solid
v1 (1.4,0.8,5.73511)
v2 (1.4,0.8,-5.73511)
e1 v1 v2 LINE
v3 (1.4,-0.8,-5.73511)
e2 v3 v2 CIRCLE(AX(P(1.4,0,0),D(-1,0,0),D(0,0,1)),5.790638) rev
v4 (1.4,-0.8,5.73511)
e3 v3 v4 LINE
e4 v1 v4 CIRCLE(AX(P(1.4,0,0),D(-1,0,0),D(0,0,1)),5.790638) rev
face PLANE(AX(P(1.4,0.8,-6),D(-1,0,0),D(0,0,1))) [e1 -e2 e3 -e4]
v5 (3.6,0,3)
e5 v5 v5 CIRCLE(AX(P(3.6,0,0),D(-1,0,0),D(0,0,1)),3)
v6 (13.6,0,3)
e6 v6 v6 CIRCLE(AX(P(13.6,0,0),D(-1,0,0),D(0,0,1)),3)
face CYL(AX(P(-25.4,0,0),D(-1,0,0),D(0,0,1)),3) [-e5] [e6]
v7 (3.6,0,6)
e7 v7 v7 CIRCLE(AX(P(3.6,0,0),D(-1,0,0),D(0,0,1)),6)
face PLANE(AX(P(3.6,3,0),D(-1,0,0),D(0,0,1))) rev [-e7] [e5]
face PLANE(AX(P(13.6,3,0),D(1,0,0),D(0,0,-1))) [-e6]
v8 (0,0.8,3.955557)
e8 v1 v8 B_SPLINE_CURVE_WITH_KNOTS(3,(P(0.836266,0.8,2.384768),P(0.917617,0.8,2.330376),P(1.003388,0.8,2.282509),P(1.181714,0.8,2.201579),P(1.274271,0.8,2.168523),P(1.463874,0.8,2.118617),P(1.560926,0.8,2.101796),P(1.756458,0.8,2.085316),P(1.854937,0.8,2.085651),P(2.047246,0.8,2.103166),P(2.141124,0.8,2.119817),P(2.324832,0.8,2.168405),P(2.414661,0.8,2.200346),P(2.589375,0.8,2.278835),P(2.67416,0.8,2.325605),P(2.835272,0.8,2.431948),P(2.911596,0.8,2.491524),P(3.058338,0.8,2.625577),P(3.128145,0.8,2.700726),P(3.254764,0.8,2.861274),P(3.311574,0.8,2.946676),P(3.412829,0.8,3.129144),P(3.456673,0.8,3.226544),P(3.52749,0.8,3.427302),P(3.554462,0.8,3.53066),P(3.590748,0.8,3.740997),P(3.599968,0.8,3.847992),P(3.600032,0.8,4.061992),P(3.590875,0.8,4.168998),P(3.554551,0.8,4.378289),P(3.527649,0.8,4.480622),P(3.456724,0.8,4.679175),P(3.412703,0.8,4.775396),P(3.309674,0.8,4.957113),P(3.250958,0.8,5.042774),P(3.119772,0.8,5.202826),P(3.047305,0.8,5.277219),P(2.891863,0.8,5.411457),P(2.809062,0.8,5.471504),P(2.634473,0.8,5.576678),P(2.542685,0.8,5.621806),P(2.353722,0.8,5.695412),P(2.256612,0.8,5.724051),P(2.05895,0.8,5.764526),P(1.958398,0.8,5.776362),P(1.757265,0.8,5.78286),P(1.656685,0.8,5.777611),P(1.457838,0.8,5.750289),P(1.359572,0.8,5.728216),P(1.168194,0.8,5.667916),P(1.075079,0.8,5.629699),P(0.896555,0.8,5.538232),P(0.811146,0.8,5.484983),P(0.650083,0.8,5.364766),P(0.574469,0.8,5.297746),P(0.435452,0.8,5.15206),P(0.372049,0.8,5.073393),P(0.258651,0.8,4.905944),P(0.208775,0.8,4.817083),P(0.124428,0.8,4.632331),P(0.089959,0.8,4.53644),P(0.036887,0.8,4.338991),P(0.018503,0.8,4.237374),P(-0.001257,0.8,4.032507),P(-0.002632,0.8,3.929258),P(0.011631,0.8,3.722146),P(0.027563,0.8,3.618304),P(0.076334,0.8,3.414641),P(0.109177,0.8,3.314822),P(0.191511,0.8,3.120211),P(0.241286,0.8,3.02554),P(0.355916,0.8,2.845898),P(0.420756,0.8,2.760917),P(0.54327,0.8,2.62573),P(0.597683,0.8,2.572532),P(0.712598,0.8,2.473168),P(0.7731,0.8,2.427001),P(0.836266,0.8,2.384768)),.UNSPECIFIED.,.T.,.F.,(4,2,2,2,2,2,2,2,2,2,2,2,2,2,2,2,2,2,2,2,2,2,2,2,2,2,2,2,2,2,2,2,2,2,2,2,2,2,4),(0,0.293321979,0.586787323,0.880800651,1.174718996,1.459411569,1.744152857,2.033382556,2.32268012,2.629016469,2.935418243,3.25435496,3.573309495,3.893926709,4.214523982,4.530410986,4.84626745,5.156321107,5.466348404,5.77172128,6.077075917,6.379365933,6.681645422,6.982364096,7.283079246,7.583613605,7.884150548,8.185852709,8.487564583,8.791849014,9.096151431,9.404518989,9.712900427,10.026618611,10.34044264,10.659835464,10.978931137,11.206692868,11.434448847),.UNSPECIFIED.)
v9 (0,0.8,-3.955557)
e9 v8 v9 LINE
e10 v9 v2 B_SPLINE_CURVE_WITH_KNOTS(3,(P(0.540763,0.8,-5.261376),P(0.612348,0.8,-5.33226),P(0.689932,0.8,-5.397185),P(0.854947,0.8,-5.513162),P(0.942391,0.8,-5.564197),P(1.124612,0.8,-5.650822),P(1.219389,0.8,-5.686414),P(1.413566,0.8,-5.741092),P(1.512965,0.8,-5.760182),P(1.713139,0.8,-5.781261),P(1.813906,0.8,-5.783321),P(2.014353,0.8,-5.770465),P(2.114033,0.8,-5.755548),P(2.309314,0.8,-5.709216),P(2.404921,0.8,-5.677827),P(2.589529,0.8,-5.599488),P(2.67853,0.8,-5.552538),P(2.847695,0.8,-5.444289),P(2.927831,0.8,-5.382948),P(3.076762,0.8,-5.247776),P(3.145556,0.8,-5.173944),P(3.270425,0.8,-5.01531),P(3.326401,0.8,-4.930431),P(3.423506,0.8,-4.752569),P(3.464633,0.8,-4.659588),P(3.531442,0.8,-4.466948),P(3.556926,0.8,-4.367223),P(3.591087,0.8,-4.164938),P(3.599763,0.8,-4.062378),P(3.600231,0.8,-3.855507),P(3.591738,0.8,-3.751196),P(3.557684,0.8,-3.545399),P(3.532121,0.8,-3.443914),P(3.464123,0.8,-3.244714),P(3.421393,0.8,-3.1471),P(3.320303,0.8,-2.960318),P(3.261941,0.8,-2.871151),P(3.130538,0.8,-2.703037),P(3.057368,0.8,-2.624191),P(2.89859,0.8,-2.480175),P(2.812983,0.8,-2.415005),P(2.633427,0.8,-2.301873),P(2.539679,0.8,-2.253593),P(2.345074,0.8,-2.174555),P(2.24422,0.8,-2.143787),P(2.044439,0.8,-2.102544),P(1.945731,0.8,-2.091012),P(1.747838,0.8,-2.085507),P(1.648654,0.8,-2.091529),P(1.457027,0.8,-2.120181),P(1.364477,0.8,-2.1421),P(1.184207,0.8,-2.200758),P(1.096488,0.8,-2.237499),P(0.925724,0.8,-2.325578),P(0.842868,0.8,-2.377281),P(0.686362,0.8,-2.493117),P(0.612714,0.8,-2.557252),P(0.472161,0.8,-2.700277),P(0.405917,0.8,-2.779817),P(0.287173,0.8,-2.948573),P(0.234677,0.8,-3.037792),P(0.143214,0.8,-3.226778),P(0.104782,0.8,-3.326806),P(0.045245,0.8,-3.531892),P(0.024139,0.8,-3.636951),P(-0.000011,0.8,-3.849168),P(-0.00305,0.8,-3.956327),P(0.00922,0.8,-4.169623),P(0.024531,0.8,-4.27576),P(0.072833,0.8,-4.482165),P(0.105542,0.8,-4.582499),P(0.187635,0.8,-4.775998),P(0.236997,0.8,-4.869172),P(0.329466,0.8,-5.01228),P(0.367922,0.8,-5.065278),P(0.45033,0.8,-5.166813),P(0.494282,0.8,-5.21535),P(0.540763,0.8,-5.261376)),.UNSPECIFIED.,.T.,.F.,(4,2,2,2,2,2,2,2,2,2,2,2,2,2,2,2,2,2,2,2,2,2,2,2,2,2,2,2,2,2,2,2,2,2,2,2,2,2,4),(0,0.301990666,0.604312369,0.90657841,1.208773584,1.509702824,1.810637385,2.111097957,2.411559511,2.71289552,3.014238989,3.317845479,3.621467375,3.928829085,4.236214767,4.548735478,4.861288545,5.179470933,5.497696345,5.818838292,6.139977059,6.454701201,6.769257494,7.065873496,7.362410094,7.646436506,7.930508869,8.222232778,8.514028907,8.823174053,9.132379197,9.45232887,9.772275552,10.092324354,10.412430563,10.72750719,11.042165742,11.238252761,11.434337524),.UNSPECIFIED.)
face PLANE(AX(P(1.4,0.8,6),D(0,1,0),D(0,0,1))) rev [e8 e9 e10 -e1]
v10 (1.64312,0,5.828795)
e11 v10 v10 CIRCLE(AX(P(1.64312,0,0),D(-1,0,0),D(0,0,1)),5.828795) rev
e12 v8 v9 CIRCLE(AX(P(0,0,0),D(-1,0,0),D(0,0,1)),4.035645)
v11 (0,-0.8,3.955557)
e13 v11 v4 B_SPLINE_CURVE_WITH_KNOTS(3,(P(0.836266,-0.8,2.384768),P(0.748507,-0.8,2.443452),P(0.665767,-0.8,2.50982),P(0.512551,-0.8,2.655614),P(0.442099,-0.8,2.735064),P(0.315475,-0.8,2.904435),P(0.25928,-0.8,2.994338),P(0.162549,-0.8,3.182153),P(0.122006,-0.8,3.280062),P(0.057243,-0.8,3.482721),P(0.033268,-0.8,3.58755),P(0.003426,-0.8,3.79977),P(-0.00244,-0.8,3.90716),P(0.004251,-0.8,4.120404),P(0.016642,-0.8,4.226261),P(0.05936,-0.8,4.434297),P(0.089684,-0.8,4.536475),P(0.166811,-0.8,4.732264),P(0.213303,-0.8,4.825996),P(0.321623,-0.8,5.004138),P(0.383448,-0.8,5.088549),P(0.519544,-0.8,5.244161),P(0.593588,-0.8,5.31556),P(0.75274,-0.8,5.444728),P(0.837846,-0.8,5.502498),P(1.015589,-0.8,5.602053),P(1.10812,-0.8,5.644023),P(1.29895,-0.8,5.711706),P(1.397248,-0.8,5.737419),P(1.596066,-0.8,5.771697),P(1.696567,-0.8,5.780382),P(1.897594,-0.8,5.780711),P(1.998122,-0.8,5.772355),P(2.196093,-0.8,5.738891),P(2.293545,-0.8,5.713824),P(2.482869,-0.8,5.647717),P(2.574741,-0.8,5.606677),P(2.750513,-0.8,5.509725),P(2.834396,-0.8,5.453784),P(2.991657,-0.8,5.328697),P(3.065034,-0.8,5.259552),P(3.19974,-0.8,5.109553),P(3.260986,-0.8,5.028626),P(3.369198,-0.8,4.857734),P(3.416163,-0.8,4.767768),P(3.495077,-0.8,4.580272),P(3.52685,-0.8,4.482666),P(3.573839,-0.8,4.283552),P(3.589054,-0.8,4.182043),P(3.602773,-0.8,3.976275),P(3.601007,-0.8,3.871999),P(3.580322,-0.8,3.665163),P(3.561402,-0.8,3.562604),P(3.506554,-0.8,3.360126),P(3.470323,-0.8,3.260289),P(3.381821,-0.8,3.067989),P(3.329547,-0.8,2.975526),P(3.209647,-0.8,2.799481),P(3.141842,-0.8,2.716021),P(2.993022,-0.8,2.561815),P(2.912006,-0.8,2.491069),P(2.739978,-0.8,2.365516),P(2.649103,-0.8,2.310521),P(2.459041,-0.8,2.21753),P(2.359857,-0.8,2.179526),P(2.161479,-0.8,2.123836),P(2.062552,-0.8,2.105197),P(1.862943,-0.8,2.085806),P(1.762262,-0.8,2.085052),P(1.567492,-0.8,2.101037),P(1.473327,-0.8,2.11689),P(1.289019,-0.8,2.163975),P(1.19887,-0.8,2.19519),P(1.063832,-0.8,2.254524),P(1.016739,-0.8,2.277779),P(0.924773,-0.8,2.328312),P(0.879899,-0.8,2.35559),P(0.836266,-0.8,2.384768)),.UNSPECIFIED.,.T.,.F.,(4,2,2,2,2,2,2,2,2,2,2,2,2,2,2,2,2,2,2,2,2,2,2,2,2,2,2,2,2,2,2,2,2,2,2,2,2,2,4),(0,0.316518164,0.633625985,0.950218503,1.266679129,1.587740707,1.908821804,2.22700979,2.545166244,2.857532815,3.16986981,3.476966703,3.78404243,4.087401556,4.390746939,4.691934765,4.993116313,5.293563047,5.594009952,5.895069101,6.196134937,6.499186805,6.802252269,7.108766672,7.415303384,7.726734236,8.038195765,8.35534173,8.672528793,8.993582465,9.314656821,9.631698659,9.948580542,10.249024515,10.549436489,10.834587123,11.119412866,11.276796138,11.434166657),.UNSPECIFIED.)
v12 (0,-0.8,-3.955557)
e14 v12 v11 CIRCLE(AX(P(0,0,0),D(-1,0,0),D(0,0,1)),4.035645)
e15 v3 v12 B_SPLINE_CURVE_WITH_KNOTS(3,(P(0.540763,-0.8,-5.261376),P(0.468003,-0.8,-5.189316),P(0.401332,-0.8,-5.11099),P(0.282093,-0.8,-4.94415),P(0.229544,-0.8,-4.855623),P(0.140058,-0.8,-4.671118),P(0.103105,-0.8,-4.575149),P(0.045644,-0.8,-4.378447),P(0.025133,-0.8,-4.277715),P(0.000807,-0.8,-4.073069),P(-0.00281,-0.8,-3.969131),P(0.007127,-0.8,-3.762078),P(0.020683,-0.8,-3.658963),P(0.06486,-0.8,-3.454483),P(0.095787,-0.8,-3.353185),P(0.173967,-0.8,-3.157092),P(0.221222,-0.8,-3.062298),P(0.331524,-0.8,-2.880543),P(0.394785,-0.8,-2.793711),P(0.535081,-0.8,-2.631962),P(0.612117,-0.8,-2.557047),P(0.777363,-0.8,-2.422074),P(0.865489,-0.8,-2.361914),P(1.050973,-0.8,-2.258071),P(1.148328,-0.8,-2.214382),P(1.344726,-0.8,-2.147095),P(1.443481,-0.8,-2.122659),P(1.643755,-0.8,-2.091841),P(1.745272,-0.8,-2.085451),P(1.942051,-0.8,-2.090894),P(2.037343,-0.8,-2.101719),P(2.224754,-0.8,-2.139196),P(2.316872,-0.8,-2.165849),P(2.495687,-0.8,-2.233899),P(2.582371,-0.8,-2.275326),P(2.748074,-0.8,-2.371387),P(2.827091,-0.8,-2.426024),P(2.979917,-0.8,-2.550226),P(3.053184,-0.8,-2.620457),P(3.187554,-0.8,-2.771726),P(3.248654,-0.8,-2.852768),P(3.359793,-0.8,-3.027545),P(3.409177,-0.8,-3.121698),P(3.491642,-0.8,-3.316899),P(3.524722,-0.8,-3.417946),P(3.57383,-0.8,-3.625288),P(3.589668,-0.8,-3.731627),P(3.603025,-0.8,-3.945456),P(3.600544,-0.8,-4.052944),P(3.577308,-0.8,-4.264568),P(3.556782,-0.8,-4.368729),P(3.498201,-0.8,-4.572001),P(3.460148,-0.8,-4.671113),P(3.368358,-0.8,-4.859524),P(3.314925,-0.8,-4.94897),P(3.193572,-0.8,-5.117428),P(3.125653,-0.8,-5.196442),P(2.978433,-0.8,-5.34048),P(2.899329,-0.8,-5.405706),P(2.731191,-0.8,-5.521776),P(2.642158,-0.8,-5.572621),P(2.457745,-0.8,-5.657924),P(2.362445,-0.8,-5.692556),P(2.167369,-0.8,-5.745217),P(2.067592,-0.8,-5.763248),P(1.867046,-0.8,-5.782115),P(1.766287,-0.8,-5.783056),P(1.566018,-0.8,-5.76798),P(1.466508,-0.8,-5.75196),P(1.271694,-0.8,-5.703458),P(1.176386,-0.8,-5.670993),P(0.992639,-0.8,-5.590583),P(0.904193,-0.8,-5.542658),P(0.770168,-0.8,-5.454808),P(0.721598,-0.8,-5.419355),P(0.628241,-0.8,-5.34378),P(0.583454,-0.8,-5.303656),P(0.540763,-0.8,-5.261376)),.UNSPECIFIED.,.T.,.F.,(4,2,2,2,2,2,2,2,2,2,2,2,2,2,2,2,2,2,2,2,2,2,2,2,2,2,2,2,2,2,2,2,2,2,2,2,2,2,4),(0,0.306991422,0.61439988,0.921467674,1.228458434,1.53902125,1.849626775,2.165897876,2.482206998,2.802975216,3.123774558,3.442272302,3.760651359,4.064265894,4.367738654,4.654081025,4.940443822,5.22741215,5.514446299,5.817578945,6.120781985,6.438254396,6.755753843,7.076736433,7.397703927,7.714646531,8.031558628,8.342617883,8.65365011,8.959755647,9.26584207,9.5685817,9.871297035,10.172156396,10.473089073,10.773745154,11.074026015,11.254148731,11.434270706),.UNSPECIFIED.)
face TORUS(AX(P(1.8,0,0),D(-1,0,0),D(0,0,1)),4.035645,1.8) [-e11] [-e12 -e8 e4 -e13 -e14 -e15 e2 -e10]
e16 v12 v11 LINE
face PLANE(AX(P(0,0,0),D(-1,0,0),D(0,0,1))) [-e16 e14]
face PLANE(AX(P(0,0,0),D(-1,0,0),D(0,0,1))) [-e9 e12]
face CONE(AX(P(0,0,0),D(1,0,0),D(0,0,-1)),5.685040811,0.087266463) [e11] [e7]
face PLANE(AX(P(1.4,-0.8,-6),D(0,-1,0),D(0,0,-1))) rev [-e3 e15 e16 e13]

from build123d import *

# Parameters (mm, degrees)
FILLET2_R  = 1.8
SKETCH2_W  = 12
SKETCH2_H  = 1.6
SLOT_DEPTH = 1.4


with BuildPart() as part:
    # BodySke → Base-Revolve (revolve)
    with BuildSketch(Plane.XY, mode=Mode.PRIVATE) as base_revolve_sk:
        Polygon((3.6, 3), (3.6, 6), (0, 5.685040811), (0, 0), (13.6, 0), (13.6, 3), align=None)
    revolve(base_revolve_sk.sketch.rotate(Axis((-25.4, 0, 0), (1, 0, 0)), 90), axis=Axis((-25.4, 0, 0), (1, 0, 0)))  # turned: the seam where the file's is

    # Fillet2
    fillet2_edges = [part.edges().sort_by_distance(p)[0] for p in [
        (0, 0, -5.685040811),
    ]]
    fillet(fillet2_edges, radius=FILLET2_R)

    # Sketch2 → Slot (cut)
    with BuildSketch(Plane(origin=(0, 0, 0), x_dir=(0, 0, -1), z_dir=(1, 0, 0))):
        Rectangle(SKETCH2_W, SKETCH2_H)
    extrude(amount=SLOT_DEPTH, mode=Mode.SUBTRACT)


solid = part.part
